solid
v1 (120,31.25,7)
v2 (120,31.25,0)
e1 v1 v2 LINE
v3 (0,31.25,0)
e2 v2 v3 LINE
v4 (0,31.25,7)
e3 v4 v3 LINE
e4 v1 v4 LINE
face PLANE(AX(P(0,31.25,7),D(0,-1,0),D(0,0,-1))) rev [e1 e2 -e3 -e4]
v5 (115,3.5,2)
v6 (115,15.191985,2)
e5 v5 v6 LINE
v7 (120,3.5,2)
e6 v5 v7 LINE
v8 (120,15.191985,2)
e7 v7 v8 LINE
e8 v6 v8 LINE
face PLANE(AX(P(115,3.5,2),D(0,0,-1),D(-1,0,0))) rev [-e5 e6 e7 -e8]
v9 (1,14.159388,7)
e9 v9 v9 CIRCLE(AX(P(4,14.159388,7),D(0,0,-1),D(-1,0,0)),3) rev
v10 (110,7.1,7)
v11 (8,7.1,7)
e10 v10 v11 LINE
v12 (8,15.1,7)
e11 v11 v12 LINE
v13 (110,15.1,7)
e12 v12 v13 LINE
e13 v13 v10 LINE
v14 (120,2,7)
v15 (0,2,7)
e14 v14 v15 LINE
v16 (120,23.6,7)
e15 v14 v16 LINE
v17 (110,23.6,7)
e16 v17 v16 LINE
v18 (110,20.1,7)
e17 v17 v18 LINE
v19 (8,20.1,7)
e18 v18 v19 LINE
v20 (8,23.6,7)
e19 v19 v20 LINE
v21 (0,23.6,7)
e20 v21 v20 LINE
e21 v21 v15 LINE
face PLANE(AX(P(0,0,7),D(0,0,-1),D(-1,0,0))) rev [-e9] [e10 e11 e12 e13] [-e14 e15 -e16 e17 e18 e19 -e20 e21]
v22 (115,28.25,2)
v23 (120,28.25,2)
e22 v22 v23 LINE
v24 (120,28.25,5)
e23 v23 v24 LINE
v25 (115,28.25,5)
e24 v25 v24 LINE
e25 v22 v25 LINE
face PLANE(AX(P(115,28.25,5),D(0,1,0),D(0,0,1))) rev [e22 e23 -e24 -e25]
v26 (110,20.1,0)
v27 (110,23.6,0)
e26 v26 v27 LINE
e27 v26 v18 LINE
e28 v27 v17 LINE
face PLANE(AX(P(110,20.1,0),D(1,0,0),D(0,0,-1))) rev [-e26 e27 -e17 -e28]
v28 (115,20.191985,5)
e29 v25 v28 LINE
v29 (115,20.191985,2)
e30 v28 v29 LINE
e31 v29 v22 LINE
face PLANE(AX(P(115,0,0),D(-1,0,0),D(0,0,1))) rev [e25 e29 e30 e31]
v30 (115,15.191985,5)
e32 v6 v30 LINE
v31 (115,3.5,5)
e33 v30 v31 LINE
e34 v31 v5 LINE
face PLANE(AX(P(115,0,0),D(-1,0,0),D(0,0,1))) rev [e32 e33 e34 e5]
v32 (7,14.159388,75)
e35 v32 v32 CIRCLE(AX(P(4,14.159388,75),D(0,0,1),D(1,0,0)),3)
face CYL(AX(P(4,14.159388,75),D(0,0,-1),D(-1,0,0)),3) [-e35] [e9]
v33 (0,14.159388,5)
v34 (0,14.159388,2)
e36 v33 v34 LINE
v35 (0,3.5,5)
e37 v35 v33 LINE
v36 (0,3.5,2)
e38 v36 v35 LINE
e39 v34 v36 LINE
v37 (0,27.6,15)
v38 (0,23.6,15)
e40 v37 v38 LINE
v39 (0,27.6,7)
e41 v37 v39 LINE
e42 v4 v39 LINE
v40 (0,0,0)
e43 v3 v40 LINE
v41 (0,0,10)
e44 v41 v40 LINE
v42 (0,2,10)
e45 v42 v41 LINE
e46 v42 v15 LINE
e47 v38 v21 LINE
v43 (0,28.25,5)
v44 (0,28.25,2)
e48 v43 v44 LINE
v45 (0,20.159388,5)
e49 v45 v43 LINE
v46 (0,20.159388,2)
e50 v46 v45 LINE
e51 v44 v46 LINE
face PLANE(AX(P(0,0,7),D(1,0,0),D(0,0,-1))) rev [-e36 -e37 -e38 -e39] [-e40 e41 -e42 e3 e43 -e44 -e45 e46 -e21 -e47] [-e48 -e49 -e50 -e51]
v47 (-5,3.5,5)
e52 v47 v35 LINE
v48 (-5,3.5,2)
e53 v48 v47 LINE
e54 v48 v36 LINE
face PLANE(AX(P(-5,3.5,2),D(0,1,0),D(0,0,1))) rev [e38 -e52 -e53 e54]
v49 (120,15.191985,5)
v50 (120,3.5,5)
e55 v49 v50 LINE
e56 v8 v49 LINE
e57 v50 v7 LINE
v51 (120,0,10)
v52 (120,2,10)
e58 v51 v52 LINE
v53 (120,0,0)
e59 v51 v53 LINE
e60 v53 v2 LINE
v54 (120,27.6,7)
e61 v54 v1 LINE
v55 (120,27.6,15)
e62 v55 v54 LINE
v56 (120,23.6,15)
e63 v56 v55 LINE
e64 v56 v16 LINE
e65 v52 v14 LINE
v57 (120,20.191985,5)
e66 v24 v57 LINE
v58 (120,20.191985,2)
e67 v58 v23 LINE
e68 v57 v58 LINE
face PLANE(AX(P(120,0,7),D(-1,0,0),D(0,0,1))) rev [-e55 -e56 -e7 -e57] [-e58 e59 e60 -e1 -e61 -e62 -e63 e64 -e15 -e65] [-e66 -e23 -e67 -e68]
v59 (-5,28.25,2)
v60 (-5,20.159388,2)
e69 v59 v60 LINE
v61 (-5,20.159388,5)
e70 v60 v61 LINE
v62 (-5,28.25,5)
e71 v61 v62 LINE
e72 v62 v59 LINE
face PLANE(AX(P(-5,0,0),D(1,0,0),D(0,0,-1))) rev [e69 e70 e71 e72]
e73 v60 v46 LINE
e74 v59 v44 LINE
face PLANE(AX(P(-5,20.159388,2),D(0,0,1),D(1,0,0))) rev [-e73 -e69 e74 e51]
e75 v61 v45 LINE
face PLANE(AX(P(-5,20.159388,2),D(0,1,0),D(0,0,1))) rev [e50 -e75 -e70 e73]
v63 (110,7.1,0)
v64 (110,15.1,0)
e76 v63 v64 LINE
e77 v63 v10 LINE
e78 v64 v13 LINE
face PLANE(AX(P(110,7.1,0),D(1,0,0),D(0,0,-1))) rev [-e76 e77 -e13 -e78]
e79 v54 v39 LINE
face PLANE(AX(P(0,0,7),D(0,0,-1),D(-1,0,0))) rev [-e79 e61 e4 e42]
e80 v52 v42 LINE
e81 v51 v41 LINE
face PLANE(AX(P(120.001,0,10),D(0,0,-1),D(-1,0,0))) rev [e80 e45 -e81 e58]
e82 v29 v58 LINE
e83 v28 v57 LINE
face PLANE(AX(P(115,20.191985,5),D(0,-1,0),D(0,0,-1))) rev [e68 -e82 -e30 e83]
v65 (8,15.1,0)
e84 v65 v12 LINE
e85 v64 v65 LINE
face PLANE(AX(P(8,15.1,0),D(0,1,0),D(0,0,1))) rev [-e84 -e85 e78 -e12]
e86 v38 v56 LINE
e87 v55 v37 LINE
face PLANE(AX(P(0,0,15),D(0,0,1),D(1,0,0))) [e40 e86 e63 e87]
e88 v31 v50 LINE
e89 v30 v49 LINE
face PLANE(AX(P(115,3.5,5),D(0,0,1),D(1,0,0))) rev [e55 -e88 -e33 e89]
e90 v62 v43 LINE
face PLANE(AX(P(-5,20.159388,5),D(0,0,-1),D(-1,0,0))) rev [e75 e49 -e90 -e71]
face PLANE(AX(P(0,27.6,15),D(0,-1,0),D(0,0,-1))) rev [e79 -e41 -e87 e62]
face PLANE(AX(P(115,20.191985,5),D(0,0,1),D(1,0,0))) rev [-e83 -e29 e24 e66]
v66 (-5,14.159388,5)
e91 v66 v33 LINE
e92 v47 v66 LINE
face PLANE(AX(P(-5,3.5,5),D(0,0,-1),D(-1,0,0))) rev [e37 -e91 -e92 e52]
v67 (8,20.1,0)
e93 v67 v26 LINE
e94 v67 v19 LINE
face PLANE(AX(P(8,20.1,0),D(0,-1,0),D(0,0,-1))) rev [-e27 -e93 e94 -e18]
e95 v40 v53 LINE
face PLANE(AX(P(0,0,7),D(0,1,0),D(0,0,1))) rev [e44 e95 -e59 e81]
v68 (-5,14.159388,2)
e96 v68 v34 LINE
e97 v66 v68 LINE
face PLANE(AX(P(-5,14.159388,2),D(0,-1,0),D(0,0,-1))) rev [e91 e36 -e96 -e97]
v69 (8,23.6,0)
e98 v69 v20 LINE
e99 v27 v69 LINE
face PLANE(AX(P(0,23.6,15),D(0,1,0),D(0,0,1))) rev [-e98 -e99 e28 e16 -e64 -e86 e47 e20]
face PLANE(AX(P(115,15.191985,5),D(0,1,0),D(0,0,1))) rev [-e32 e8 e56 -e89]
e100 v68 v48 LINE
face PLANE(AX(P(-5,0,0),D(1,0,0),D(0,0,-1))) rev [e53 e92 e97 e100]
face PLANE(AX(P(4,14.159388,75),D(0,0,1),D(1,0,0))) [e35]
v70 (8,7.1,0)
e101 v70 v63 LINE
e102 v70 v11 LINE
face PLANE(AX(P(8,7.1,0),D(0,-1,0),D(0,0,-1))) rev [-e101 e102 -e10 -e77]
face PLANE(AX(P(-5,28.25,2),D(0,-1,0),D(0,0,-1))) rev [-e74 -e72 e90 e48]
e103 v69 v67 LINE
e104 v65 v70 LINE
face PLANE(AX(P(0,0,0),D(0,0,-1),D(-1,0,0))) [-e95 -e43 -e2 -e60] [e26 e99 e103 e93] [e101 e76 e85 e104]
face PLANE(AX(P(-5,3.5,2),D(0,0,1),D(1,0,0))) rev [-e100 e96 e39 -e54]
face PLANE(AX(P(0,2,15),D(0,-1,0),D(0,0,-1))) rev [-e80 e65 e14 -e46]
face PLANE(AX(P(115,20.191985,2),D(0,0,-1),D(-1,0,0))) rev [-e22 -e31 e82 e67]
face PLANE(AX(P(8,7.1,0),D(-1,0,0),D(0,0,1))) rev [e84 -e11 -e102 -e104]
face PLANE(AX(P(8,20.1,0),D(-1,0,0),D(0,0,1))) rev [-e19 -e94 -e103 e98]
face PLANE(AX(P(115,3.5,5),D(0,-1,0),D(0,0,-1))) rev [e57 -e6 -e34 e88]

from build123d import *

# Parameters (mm, degrees)
SKETCH1_W               = 120
SKETCH1_H               = 31.25
BOSS_EXTRUDE1_DEPTH     = 7
SKETCH2_W               = 120
SKETCH2_H               = 4
SKETCH2_H_2             = 2
BOSS_EXTRUDE2_DEPTH     = 8
CUT_EXTRUDE1_DEPTH      = 125.260059955
CUT_EXTRUDE1_DEPTH_BACK = 125.260059955
SKETCH3_W               = 102
SKETCH3_H               = 8
SKETCH3_H_2             = 3.5
SKETCH4_W               = 3
SKETCH4_H               = 8.090611825
SKETCH4_H_2             = 10.659388175
BOSS_EXTRUDE3_DEPTH     = 5
SKETCH5_W               = 3
SKETCH5_H               = 8.0580149
SKETCH5_H_2             = 11.6919851
CUT_EXTRUDE2_DEPTH      = 5
CUT_EXTRUDE3_REACH      = 126.906
SKETCH6_W               = 5
SKETCH6_H               = 2
SKETCH7_R               = 3
BOSS_EXTRUDE4_DEPTH     = 68


with BuildPart() as part:
    # Sketch1 → Boss-Extrude1 (new body)
    with BuildSketch(Plane.XY):
        with Locations((60, 15.625)):
            Rectangle(SKETCH1_W, SKETCH1_H)
    extrude(amount=BOSS_EXTRUDE1_DEPTH)

    # Sketch2 → Boss-Extrude2 (add)
    with BuildSketch(Plane.XY.offset(7)):
        with Locations((60, 25.6)):
            Rectangle(SKETCH2_W, SKETCH2_H)
        with Locations((60, 1)):
            Rectangle(SKETCH2_W, SKETCH2_H_2)
    extrude(amount=BOSS_EXTRUDE2_DEPTH)

    # Sketch3 → Cut-Extrude1 (cut, two sides: drawn at the far end of the back side and taken through both)
    with BuildSketch(Plane.XY.offset(7).offset(-CUT_EXTRUDE1_DEPTH_BACK)):
        with Locations((59, 11.1)):
            Rectangle(SKETCH3_W, SKETCH3_H)
        with Locations((59, 21.85)):
            Rectangle(SKETCH3_W, SKETCH3_H_2)
    extrude(amount=CUT_EXTRUDE1_DEPTH + CUT_EXTRUDE1_DEPTH_BACK, mode=Mode.SUBTRACT)

    # Sketch4 → Boss-Extrude3 (add)
    with BuildSketch(Plane.ZY):
        with Locations((3.5, 24.204694088)):
            Rectangle(SKETCH4_W, SKETCH4_H)
        with Locations((3.5, 8.829694088)):
            Rectangle(SKETCH4_W, SKETCH4_H_2)
    extrude(amount=BOSS_EXTRUDE3_DEPTH)

    # Sketch5 → Cut-Extrude2 (cut)
    with BuildSketch(Plane(origin=(120, 0, 0), x_dir=(0, 0, -1), z_dir=(1, 0, 0))):
        with Locations((-3.5, 24.22099255)):
            Rectangle(SKETCH5_W, SKETCH5_H)
        with Locations((-3.5, 9.34599255)):
            Rectangle(SKETCH5_W, SKETCH5_H_2)
    extrude(amount=-CUT_EXTRUDE2_DEPTH, mode=Mode.SUBTRACT)

    # Sketch6 → Cut-Extrude3 (cut, up to next)
    with BuildSketch(Plane.ZY, mode=Mode.PRIVATE) as cut_extrude3_sk1:
        with Locations((12.5, 1)):
            Rectangle(SKETCH6_W, SKETCH6_H)
    cut_extrude3_tool1 = extrude(cut_extrude3_sk1.sketch, amount=-CUT_EXTRUDE3_REACH, mode=Mode.PRIVATE) & part.part
    add(cut_extrude3_tool1.solids().sort_by_distance((0, 1, 12.5))[0], mode=Mode.SUBTRACT)

    # Sketch7 → Boss-Extrude4 (add)
    with BuildSketch(Plane.XY.offset(7)):
        with Locations((4, 14.159388175)):
            Circle(SKETCH7_R)
    extrude(amount=BOSS_EXTRUDE4_DEPTH)


solid = part.part
